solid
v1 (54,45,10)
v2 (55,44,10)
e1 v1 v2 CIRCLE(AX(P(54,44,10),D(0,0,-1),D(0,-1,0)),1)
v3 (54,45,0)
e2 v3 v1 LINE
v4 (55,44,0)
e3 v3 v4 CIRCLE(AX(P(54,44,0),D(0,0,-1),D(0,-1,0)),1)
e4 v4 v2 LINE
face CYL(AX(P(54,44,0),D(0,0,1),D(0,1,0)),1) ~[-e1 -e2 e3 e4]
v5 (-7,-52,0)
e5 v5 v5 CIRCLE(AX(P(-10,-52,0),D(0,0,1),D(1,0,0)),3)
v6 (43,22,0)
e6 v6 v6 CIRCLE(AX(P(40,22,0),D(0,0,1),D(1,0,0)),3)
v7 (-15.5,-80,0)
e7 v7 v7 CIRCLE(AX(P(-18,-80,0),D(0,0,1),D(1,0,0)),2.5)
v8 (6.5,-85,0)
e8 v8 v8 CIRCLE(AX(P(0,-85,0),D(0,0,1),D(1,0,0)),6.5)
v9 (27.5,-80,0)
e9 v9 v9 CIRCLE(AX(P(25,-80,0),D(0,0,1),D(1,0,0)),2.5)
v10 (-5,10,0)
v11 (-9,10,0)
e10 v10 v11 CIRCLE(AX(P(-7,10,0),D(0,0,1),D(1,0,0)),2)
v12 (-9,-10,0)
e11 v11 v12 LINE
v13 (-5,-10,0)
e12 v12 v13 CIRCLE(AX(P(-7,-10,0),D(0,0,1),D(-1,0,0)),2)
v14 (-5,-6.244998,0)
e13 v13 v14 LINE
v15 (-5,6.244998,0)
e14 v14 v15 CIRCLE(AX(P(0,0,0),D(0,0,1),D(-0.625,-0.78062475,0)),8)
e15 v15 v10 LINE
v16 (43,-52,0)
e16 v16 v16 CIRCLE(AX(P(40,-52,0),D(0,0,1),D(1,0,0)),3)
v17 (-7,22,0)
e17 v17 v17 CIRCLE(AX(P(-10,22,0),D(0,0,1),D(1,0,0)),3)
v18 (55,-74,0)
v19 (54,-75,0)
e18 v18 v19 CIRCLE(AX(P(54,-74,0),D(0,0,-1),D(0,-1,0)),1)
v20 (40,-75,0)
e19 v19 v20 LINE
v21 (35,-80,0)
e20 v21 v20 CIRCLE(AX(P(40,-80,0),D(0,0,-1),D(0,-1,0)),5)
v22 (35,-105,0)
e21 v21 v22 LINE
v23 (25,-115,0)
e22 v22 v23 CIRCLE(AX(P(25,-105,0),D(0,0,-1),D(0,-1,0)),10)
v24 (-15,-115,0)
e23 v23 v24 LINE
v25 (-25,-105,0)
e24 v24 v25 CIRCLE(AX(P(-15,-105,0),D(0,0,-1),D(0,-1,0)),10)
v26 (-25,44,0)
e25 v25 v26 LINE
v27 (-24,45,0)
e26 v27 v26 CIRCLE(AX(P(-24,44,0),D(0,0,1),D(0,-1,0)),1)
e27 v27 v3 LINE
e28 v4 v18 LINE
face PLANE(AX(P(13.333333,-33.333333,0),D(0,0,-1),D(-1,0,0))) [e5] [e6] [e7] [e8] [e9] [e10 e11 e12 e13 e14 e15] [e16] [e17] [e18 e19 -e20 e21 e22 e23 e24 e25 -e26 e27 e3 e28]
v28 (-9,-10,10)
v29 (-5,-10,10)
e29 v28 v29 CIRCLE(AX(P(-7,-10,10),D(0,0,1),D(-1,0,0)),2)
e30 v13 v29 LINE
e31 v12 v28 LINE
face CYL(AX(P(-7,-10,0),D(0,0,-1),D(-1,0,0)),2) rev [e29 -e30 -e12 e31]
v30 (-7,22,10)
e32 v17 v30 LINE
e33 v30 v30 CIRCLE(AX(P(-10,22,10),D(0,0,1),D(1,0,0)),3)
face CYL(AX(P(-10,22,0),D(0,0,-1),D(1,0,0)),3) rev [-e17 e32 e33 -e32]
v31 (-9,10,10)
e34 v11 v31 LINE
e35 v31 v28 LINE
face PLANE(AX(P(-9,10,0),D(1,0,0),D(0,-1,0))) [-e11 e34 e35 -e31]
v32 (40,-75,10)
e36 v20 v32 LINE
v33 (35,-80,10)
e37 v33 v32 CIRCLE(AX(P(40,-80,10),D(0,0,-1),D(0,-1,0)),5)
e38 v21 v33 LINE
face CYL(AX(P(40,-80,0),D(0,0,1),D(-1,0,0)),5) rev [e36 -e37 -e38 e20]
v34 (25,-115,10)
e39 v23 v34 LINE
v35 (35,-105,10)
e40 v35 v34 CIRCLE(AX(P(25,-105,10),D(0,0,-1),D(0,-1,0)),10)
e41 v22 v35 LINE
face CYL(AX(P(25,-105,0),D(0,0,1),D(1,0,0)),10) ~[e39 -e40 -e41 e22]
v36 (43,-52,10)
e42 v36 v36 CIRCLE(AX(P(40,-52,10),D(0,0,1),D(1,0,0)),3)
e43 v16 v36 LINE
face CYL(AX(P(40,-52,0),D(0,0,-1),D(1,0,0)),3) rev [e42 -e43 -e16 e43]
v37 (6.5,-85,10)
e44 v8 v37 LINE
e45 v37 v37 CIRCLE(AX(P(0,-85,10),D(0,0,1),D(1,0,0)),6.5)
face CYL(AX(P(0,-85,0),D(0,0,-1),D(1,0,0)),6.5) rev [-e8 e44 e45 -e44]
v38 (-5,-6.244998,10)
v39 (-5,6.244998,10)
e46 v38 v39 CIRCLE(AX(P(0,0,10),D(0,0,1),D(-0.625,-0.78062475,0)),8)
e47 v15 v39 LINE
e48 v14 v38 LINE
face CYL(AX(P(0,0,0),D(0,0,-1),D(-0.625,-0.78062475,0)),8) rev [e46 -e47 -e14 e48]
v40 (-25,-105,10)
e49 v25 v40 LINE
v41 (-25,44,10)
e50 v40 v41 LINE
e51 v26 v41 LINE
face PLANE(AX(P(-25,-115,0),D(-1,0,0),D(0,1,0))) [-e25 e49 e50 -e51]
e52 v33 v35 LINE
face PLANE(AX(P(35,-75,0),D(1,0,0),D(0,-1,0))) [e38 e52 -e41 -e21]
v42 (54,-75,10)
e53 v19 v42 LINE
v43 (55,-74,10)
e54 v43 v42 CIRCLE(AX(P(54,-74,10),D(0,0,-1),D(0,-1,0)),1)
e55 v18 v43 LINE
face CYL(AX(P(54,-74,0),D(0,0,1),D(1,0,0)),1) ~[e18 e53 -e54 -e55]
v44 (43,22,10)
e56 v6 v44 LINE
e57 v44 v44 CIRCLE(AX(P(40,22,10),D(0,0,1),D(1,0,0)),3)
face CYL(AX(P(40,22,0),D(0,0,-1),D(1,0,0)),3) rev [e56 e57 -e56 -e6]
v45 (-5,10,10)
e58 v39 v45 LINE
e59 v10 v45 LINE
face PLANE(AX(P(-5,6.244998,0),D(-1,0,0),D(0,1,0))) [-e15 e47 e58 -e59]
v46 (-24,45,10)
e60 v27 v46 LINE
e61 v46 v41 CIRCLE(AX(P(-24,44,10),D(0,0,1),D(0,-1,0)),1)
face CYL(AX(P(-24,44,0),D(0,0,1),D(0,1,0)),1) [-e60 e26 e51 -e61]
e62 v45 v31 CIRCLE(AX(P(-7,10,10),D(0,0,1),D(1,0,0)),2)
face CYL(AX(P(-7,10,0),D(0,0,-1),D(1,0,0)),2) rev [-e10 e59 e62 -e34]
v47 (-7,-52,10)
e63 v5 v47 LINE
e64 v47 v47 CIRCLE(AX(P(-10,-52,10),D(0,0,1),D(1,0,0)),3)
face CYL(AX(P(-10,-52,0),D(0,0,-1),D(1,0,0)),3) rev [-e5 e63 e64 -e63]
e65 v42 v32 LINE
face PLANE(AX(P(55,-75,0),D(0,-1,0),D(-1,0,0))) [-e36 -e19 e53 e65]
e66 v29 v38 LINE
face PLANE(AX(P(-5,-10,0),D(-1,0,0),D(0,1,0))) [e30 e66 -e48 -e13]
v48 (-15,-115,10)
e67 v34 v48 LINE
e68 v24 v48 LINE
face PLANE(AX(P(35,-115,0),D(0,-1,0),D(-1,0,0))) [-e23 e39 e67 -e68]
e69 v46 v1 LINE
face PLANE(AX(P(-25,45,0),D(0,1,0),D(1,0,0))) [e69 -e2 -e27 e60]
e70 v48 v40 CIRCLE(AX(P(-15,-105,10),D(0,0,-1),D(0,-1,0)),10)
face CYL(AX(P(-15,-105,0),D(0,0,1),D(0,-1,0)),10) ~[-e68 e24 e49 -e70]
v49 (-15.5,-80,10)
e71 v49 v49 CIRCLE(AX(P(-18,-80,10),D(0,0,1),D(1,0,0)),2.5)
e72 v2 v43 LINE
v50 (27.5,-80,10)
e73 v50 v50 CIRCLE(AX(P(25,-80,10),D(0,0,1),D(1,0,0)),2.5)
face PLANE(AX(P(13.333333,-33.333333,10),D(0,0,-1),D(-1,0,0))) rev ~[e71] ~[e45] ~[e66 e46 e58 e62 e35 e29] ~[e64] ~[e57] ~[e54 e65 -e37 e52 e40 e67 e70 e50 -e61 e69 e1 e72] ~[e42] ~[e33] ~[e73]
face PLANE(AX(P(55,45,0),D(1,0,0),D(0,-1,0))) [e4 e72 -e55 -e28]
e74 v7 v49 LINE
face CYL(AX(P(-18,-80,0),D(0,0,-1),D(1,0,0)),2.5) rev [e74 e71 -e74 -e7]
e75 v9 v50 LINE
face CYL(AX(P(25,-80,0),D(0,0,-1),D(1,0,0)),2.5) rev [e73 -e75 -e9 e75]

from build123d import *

# Parameters (mm, degrees)
SKETCH_R    = 6.5
SKETCH_R_2  = 3
SKETCH_R_3  = 2.5
PAD_DEPTH   = 10
FILLET_R    = 1
FILLET001_R = 5
FILLET002_R = 10


with BuildPart() as part:
    # Sketch → Pad (new body)
    with BuildSketch(Plane.XY):
        Polygon((-25, 45), (55, 45), (55, -75), (35, -75), (35, -115), (-25, -115), align=None)
        with Locations((0, -85)):
            Circle(SKETCH_R, mode=Mode.SUBTRACT)
        with Locations((-10, -52)):
            Circle(SKETCH_R_2, mode=Mode.SUBTRACT)
        with Locations((40, -52)):
            Circle(SKETCH_R_2, mode=Mode.SUBTRACT)
        with Locations((40, 22)):
            Circle(SKETCH_R_2, mode=Mode.SUBTRACT)
        with Locations((-10, 22)):
            Circle(SKETCH_R_2, mode=Mode.SUBTRACT)
        with Locations((25, -80)):
            Circle(SKETCH_R_3, mode=Mode.SUBTRACT)
        with Locations((-18, -80)):
            Circle(SKETCH_R_3, mode=Mode.SUBTRACT)
        with BuildLine():
            ThreePointArc((-5, -6.244998), (8, 0), (-5, 6.244998))
            Line((-5, 6.244998), (-5, 10))
            ThreePointArc((-5, 10), (-7, 12), (-9, 10))
            Line((-9, 10), (-9, -10))
            ThreePointArc((-9, -10), (-7, -12), (-5, -10))
            Line((-5, -10), (-5, -6.244998))
        make_face(mode=Mode.SUBTRACT)
    extrude(amount=PAD_DEPTH)

    # Fillet
    fillet_edges = [part.edges().sort_by_distance(p)[0] for p in [
        (55, -75, 5),
        (55, 45, 5),
        (-25, 45, 5),
    ]]
    fillet(fillet_edges, radius=FILLET_R)

    # Fillet001
    fillet001_edges = [part.edges().sort_by_distance(p)[0] for p in [
        (35, -75, 5),
    ]]
    fillet(fillet001_edges, radius=FILLET001_R)

    # Fillet002
    fillet002_edges = [part.edges().sort_by_distance(p)[0] for p in [
        (35, -115, 5),
        (-25, -115, 5),
    ]]
    fillet(fillet002_edges, radius=FILLET002_R)


solid = part.part
